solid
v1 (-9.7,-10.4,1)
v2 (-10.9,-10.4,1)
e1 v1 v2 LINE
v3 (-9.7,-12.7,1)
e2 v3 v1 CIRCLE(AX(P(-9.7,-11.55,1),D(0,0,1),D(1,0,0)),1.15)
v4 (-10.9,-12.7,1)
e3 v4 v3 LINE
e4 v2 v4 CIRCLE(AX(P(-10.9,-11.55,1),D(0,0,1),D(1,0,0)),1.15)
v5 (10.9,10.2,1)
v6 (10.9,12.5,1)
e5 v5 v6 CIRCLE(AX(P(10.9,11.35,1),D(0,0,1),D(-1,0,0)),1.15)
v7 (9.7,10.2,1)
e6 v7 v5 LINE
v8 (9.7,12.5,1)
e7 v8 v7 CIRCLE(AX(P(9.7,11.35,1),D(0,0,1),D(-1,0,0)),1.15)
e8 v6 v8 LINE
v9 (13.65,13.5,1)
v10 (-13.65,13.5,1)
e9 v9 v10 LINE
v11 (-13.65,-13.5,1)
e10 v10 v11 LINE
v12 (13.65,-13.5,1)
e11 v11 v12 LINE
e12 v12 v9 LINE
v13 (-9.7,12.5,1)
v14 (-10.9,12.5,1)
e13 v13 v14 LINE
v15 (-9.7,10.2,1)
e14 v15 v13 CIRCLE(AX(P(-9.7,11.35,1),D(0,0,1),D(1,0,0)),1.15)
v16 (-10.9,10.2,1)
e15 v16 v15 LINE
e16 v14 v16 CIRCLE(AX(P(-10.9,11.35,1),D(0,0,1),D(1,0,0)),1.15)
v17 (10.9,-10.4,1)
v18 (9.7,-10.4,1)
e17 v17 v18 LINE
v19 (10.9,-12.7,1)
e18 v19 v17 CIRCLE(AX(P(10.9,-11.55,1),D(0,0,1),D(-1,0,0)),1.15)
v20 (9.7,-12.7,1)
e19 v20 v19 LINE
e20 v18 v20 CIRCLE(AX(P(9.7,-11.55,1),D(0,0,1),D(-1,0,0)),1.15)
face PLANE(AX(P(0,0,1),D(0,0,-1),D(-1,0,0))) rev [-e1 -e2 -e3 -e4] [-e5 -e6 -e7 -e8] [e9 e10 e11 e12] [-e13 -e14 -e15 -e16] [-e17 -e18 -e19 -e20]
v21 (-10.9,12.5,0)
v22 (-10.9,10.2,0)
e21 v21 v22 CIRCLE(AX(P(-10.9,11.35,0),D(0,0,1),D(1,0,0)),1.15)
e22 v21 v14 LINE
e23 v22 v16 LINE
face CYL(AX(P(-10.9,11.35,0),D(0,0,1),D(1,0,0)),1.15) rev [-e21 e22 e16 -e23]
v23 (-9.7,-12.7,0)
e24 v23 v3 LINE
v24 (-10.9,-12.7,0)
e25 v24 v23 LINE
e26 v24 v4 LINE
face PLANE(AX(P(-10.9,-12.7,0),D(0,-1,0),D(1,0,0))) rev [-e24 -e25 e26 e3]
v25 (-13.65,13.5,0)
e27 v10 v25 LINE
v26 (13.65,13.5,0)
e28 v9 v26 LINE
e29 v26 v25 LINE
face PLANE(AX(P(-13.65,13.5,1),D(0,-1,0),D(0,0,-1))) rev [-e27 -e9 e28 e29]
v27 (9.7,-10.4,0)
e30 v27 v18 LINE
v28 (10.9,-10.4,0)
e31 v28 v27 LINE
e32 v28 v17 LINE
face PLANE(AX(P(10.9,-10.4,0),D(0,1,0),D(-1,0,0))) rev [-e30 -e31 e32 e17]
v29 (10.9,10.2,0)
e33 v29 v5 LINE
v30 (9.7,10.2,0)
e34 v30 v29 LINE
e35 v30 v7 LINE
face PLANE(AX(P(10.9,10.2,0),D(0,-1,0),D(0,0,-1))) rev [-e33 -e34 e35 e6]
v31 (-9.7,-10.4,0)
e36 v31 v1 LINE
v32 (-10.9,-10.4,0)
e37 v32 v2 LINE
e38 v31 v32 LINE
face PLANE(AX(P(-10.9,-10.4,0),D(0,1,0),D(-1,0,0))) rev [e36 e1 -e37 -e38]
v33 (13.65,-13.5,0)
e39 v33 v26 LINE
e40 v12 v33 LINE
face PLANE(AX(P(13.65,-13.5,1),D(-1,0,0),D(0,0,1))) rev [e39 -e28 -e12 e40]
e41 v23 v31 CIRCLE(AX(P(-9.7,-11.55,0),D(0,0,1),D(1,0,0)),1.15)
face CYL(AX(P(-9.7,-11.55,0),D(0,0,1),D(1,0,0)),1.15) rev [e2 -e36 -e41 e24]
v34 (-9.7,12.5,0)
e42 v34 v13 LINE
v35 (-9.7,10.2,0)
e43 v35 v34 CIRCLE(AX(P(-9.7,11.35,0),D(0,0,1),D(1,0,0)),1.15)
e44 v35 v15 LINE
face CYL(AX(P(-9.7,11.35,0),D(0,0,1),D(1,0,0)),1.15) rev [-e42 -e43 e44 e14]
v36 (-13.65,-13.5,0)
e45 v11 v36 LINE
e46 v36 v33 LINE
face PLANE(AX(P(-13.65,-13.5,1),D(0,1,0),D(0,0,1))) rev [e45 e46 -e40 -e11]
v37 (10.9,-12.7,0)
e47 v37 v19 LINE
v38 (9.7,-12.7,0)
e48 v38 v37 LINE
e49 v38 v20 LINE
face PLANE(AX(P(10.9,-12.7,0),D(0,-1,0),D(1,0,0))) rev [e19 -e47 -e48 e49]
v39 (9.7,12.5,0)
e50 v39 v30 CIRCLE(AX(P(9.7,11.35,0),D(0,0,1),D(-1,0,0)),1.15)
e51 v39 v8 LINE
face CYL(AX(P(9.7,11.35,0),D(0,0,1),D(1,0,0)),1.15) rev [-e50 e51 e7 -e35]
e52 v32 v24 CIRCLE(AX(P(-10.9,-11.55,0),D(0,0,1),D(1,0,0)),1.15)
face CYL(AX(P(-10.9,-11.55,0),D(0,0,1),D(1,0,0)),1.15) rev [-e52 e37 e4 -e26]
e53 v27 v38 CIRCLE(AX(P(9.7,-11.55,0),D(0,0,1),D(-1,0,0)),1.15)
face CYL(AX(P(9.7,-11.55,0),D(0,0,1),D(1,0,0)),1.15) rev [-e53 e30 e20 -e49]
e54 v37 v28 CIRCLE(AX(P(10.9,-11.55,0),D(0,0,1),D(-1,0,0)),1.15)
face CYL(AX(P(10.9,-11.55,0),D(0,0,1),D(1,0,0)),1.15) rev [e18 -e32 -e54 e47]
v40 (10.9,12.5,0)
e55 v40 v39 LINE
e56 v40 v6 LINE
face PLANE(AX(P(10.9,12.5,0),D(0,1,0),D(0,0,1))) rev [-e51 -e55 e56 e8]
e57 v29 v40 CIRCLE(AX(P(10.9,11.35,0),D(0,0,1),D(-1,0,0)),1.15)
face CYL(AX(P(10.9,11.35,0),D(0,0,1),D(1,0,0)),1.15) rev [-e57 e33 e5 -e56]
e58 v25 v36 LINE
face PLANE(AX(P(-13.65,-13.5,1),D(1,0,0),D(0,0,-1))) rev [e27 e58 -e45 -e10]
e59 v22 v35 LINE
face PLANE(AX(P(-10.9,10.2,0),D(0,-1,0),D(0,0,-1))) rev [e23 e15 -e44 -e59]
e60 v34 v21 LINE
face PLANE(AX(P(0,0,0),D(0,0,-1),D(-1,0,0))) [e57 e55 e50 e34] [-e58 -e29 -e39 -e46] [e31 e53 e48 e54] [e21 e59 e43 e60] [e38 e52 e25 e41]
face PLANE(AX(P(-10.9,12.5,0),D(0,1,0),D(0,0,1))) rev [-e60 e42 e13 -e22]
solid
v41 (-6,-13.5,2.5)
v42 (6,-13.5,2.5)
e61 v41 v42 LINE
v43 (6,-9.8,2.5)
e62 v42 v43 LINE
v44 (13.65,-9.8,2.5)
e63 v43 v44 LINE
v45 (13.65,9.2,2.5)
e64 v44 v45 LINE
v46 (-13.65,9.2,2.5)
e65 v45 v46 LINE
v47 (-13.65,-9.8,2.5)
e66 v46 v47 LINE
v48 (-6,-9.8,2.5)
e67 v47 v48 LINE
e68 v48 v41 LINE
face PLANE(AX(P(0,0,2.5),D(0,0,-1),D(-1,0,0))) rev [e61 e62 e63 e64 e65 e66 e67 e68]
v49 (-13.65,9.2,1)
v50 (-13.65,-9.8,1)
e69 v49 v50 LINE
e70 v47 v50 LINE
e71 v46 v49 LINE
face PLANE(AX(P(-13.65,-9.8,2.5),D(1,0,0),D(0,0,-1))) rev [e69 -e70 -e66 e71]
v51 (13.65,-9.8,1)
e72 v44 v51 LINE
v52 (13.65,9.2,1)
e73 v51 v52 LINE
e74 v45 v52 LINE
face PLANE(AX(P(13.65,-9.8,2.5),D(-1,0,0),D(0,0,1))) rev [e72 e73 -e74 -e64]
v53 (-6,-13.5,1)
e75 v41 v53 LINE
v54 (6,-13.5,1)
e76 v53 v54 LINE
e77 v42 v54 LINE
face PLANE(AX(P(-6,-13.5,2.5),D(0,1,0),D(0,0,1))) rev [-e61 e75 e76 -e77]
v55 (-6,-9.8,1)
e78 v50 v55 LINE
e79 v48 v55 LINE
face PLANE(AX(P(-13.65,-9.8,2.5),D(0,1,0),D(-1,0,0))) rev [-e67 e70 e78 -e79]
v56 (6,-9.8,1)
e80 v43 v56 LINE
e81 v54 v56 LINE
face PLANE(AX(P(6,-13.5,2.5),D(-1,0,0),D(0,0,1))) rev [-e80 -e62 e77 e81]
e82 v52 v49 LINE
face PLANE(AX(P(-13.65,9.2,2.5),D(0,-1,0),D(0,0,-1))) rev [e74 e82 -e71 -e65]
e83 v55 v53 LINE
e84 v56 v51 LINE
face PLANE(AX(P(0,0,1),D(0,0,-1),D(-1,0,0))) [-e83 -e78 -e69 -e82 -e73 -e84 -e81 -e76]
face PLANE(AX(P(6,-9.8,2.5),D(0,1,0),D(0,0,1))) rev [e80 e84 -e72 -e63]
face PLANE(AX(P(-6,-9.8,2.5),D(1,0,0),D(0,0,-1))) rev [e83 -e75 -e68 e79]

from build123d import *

# Parameters (mm, degrees)
SKETCH1_W           = 27.3
SKETCH1_H           = 27
BOSS_EXTRUDE1_DEPTH = 1
BOSS_EXTRUDE2_DEPTH = 1.5
CUT_EXTRUDE1_DEPTH  = 20.256752063


with BuildPart() as part:
    # Sketch1 → Boss-Extrude1 (new body)
    with BuildSketch(Plane.XY):
        Rectangle(SKETCH1_W, SKETCH1_H)
    extrude(amount=BOSS_EXTRUDE1_DEPTH)

    # Sketch3 → Cut-Extrude1 (cut, through all)
    with BuildSketch(Plane.XY.offset(1)):
        with BuildLine():
            Line((-10.9, 12.5), (-9.7, 12.5))
            ThreePointArc((-9.7, 12.5), (-8.55, 11.35), (-9.7, 10.2))
            Line((-9.7, 10.2), (-10.9, 10.2))
            ThreePointArc((-10.9, 10.2), (-12.05, 11.35), (-10.9, 12.5))
        make_face()
        with BuildLine():
            Line((10.9, 12.5), (9.7, 12.5))
            ThreePointArc((9.7, 12.5), (8.55, 11.35), (9.7, 10.2))
            Line((9.7, 10.2), (10.9, 10.2))
            ThreePointArc((10.9, 10.2), (12.05, 11.35), (10.9, 12.5))
        make_face()
        with BuildLine():
            Line((-10.9, -10.4), (-9.7, -10.4))
            ThreePointArc((-9.7, -10.4), (-8.55, -11.55), (-9.7, -12.7))
            Line((-9.7, -12.7), (-10.9, -12.7))
            ThreePointArc((-10.9, -12.7), (-12.05, -11.55), (-10.9, -10.4))
        make_face()
        with BuildLine():
            Line((10.9, -10.4), (9.7, -10.4))
            ThreePointArc((9.7, -10.4), (8.55, -11.55), (9.7, -12.7))
            Line((9.7, -12.7), (10.9, -12.7))
            ThreePointArc((10.9, -12.7), (12.05, -11.55), (10.9, -10.4))
        make_face()
    extrude(amount=-CUT_EXTRUDE1_DEPTH, mode=Mode.SUBTRACT)


with BuildPart() as body_2:
    # Sketch2 → Boss-Extrude2 (new body)
    with BuildSketch(Plane.XY.offset(1)):
        Polygon((-13.65, -9.8), (-6, -9.8), (-6, -13.5), (6, -13.5), (6, -9.8), (13.65, -9.8), (13.65, 9.2), (-13.65, 9.2), align=None)
    extrude(amount=BOSS_EXTRUDE2_DEPTH)


solid = Compound([part.part, body_2.part])
